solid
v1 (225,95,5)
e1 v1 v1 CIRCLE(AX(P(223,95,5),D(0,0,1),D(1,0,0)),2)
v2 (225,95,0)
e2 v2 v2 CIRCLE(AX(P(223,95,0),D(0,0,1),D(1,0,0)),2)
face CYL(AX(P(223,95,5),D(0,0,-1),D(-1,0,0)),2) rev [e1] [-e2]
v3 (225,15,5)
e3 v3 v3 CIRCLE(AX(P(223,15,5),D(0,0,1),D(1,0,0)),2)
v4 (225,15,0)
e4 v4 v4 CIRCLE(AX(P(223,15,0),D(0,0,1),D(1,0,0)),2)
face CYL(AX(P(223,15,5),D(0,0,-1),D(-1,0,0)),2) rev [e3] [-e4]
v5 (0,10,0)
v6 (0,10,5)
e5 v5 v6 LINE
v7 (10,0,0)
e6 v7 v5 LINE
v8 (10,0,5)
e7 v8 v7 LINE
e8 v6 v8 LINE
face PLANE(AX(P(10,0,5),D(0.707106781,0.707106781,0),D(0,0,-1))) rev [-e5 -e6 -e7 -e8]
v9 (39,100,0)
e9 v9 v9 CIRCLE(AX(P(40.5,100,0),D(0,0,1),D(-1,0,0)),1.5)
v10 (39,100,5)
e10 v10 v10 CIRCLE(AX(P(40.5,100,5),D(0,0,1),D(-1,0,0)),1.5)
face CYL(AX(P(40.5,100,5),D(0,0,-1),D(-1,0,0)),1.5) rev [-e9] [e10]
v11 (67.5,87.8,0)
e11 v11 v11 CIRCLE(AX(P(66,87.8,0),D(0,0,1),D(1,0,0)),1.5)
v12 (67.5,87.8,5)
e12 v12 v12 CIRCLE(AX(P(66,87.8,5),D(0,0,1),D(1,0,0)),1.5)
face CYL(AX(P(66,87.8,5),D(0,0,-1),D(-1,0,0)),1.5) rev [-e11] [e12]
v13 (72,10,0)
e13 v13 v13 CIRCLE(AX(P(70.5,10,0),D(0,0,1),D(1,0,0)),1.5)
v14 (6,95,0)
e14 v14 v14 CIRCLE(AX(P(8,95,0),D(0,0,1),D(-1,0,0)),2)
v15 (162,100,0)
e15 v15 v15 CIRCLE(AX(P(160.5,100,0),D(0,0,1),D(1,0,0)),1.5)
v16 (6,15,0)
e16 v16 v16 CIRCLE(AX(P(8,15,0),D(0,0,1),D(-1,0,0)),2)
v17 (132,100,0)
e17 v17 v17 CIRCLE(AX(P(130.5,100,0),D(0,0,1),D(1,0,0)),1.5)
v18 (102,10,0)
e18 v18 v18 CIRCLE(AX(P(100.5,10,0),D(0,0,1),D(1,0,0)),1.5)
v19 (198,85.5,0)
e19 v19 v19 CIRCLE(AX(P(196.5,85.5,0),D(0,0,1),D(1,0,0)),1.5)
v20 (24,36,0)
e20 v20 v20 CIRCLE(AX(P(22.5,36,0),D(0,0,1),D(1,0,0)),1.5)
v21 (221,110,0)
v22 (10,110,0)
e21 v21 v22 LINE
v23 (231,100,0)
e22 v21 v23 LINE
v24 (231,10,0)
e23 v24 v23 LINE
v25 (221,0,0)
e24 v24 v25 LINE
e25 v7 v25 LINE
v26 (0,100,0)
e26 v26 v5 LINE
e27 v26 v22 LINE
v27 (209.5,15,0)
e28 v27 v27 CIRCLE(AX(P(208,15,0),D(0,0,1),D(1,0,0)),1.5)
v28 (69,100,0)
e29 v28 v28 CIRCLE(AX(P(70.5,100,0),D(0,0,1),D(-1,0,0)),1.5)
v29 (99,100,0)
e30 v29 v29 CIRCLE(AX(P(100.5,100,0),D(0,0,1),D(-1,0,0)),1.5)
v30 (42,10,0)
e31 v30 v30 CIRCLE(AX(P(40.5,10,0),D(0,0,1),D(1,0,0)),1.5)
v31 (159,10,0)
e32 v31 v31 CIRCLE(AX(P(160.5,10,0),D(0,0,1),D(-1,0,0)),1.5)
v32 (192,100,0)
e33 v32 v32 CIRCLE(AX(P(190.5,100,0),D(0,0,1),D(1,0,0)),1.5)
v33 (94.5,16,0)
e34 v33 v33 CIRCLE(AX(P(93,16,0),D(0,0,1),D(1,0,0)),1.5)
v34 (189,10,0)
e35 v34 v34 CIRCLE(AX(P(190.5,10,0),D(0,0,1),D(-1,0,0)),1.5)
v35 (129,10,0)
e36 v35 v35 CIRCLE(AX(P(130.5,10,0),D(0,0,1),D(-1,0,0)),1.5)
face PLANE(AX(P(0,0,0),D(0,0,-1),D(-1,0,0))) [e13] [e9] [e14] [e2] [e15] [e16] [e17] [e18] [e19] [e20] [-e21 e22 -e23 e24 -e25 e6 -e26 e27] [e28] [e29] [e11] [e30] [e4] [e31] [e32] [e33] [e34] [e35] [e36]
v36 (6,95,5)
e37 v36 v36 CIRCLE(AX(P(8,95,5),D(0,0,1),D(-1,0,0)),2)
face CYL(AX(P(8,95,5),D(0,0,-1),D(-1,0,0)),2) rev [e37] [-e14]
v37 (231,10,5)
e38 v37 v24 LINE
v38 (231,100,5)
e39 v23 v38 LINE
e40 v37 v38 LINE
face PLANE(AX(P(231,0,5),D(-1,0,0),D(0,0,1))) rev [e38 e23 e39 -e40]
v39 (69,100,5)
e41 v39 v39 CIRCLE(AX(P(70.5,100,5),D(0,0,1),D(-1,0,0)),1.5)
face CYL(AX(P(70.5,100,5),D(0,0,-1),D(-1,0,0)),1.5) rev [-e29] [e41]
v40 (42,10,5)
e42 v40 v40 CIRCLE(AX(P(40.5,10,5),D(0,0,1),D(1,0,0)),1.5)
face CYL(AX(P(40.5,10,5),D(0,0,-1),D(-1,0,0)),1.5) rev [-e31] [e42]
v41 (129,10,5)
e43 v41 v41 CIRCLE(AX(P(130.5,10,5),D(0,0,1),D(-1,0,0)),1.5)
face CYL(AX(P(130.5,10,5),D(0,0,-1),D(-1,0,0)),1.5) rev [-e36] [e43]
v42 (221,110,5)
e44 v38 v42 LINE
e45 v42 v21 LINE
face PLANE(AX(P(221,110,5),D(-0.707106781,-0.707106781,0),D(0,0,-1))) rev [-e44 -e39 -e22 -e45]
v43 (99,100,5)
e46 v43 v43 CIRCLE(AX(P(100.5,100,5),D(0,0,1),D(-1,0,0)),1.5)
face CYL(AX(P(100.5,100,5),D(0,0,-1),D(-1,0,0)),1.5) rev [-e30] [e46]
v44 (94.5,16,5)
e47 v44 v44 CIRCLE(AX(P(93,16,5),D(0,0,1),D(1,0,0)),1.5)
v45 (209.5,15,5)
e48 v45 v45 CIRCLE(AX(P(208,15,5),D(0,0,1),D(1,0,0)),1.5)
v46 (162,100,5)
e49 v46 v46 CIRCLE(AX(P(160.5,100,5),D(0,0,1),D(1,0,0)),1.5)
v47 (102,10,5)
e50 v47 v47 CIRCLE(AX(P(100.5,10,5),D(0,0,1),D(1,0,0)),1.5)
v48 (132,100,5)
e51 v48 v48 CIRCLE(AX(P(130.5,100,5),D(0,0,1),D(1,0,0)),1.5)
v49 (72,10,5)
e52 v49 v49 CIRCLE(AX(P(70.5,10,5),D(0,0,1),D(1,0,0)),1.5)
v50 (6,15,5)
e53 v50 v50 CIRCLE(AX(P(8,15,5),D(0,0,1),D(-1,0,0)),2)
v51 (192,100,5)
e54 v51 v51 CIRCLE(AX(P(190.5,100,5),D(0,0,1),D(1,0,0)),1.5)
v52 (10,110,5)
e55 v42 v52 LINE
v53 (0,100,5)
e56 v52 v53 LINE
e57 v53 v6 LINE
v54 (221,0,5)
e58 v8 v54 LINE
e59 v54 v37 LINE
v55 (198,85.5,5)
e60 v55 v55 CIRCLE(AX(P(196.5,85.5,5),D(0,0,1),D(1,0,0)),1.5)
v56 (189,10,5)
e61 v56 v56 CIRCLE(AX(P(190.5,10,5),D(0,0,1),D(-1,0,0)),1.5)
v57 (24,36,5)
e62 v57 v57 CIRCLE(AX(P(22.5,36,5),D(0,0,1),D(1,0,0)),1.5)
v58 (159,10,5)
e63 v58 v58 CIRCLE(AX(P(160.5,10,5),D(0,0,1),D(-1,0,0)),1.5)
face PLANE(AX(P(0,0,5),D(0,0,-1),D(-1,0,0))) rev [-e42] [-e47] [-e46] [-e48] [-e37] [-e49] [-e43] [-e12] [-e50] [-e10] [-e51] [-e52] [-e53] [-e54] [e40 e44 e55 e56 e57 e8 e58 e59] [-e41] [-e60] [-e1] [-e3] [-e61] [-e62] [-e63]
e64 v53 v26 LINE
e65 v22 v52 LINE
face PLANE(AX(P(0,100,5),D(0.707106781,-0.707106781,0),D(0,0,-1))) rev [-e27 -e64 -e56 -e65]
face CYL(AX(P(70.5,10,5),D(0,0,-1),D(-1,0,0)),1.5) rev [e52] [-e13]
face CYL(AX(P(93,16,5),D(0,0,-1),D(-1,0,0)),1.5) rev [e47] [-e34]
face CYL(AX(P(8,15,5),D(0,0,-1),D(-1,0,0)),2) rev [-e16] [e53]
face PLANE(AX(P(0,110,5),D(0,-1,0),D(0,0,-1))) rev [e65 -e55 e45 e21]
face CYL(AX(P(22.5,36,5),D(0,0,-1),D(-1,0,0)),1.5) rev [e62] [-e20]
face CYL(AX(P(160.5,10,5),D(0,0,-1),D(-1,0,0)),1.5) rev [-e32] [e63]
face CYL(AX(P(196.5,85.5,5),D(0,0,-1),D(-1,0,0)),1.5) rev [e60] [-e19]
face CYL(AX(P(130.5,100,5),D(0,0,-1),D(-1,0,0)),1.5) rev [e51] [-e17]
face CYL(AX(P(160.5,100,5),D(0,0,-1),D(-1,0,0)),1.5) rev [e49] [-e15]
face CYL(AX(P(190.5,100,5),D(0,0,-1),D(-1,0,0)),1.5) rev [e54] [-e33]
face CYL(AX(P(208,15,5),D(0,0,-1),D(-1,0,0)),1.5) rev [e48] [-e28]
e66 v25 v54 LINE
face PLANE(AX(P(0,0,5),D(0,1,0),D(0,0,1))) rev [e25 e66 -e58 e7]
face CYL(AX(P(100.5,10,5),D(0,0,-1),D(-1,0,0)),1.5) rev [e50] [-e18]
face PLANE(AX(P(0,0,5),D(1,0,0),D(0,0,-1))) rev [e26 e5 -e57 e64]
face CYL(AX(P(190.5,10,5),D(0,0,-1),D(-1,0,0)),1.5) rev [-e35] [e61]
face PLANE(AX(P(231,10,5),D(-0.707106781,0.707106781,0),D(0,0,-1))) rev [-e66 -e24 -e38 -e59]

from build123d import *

# Parameters (mm, degrees)
SKETCH1_W           = 231
SKETCH1_H           = 110
SKETCH1_R           = 1.5
SKETCH1_R_2         = 2
BOSS_EXTRUDE1_DEPTH = 5
CHAMFER1_SIZE       = 10


with BuildPart() as part:
    # Sketch1 → Boss-Extrude1 (new body)
    with BuildSketch(Plane.XY):
        with Locations((115.5, 55)):
            Rectangle(SKETCH1_W, SKETCH1_H)
        with Locations((196.5, 85.5)):
            Circle(SKETCH1_R, mode=Mode.SUBTRACT)
        with Locations((93, 16)):
            Circle(SKETCH1_R, mode=Mode.SUBTRACT)
        with Locations((66, 87.8)):
            Circle(SKETCH1_R, mode=Mode.SUBTRACT)
        with Locations((22.5, 36)):
            Circle(SKETCH1_R, mode=Mode.SUBTRACT)
        with Locations((223, 95)):
            Circle(SKETCH1_R_2, mode=Mode.SUBTRACT)
        with Locations((223, 15)):
            Circle(SKETCH1_R_2, mode=Mode.SUBTRACT)
        with Locations(Location((8, 95, 0), (0, 0, 180))):
            Circle(SKETCH1_R_2, mode=Mode.SUBTRACT)
        with Locations(Location((8, 15, 0), (0, 0, 180))):
            Circle(SKETCH1_R_2, mode=Mode.SUBTRACT)
        with Locations((208, 15)):
            Circle(SKETCH1_R, mode=Mode.SUBTRACT)
        with Locations((130.5, 100)):
            Circle(SKETCH1_R, mode=Mode.SUBTRACT)
        with Locations((160.5, 100)):
            Circle(SKETCH1_R, mode=Mode.SUBTRACT)
        with Locations((190.5, 100)):
            Circle(SKETCH1_R, mode=Mode.SUBTRACT)
        with Locations(Location((40.5, 100, 0), (0, 0, 180))):
            Circle(SKETCH1_R, mode=Mode.SUBTRACT)
        with Locations(Location((70.5, 100, 0), (0, 0, 180))):
            Circle(SKETCH1_R, mode=Mode.SUBTRACT)
        with Locations(Location((100.5, 100, 0), (0, 0, 180))):
            Circle(SKETCH1_R, mode=Mode.SUBTRACT)
        with Locations((100.5, 10)):
            Circle(SKETCH1_R, mode=Mode.SUBTRACT)
        with Locations((70.5, 10)):
            Circle(SKETCH1_R, mode=Mode.SUBTRACT)
        with Locations((40.5, 10)):
            Circle(SKETCH1_R, mode=Mode.SUBTRACT)
        with Locations(Location((190.5, 10, 0), (0, 0, 180))):
            Circle(SKETCH1_R, mode=Mode.SUBTRACT)
        with Locations(Location((160.5, 10, 0), (0, 0, 180))):
            Circle(SKETCH1_R, mode=Mode.SUBTRACT)
        with Locations(Location((130.5, 10, 0), (0, 0, 180))):
            Circle(SKETCH1_R, mode=Mode.SUBTRACT)
    extrude(amount=BOSS_EXTRUDE1_DEPTH)

    # Chamfer1
    chamfer1_edges = [part.edges().sort_by_distance(p)[0] for p in [
        (0, 110, 2.5),
        (231, 110, 2.5),
        (231, 0, 2.5),
        (0, 0, 2.5),
    ]]
    chamfer(chamfer1_edges, length=CHAMFER1_SIZE)


solid = part.part
